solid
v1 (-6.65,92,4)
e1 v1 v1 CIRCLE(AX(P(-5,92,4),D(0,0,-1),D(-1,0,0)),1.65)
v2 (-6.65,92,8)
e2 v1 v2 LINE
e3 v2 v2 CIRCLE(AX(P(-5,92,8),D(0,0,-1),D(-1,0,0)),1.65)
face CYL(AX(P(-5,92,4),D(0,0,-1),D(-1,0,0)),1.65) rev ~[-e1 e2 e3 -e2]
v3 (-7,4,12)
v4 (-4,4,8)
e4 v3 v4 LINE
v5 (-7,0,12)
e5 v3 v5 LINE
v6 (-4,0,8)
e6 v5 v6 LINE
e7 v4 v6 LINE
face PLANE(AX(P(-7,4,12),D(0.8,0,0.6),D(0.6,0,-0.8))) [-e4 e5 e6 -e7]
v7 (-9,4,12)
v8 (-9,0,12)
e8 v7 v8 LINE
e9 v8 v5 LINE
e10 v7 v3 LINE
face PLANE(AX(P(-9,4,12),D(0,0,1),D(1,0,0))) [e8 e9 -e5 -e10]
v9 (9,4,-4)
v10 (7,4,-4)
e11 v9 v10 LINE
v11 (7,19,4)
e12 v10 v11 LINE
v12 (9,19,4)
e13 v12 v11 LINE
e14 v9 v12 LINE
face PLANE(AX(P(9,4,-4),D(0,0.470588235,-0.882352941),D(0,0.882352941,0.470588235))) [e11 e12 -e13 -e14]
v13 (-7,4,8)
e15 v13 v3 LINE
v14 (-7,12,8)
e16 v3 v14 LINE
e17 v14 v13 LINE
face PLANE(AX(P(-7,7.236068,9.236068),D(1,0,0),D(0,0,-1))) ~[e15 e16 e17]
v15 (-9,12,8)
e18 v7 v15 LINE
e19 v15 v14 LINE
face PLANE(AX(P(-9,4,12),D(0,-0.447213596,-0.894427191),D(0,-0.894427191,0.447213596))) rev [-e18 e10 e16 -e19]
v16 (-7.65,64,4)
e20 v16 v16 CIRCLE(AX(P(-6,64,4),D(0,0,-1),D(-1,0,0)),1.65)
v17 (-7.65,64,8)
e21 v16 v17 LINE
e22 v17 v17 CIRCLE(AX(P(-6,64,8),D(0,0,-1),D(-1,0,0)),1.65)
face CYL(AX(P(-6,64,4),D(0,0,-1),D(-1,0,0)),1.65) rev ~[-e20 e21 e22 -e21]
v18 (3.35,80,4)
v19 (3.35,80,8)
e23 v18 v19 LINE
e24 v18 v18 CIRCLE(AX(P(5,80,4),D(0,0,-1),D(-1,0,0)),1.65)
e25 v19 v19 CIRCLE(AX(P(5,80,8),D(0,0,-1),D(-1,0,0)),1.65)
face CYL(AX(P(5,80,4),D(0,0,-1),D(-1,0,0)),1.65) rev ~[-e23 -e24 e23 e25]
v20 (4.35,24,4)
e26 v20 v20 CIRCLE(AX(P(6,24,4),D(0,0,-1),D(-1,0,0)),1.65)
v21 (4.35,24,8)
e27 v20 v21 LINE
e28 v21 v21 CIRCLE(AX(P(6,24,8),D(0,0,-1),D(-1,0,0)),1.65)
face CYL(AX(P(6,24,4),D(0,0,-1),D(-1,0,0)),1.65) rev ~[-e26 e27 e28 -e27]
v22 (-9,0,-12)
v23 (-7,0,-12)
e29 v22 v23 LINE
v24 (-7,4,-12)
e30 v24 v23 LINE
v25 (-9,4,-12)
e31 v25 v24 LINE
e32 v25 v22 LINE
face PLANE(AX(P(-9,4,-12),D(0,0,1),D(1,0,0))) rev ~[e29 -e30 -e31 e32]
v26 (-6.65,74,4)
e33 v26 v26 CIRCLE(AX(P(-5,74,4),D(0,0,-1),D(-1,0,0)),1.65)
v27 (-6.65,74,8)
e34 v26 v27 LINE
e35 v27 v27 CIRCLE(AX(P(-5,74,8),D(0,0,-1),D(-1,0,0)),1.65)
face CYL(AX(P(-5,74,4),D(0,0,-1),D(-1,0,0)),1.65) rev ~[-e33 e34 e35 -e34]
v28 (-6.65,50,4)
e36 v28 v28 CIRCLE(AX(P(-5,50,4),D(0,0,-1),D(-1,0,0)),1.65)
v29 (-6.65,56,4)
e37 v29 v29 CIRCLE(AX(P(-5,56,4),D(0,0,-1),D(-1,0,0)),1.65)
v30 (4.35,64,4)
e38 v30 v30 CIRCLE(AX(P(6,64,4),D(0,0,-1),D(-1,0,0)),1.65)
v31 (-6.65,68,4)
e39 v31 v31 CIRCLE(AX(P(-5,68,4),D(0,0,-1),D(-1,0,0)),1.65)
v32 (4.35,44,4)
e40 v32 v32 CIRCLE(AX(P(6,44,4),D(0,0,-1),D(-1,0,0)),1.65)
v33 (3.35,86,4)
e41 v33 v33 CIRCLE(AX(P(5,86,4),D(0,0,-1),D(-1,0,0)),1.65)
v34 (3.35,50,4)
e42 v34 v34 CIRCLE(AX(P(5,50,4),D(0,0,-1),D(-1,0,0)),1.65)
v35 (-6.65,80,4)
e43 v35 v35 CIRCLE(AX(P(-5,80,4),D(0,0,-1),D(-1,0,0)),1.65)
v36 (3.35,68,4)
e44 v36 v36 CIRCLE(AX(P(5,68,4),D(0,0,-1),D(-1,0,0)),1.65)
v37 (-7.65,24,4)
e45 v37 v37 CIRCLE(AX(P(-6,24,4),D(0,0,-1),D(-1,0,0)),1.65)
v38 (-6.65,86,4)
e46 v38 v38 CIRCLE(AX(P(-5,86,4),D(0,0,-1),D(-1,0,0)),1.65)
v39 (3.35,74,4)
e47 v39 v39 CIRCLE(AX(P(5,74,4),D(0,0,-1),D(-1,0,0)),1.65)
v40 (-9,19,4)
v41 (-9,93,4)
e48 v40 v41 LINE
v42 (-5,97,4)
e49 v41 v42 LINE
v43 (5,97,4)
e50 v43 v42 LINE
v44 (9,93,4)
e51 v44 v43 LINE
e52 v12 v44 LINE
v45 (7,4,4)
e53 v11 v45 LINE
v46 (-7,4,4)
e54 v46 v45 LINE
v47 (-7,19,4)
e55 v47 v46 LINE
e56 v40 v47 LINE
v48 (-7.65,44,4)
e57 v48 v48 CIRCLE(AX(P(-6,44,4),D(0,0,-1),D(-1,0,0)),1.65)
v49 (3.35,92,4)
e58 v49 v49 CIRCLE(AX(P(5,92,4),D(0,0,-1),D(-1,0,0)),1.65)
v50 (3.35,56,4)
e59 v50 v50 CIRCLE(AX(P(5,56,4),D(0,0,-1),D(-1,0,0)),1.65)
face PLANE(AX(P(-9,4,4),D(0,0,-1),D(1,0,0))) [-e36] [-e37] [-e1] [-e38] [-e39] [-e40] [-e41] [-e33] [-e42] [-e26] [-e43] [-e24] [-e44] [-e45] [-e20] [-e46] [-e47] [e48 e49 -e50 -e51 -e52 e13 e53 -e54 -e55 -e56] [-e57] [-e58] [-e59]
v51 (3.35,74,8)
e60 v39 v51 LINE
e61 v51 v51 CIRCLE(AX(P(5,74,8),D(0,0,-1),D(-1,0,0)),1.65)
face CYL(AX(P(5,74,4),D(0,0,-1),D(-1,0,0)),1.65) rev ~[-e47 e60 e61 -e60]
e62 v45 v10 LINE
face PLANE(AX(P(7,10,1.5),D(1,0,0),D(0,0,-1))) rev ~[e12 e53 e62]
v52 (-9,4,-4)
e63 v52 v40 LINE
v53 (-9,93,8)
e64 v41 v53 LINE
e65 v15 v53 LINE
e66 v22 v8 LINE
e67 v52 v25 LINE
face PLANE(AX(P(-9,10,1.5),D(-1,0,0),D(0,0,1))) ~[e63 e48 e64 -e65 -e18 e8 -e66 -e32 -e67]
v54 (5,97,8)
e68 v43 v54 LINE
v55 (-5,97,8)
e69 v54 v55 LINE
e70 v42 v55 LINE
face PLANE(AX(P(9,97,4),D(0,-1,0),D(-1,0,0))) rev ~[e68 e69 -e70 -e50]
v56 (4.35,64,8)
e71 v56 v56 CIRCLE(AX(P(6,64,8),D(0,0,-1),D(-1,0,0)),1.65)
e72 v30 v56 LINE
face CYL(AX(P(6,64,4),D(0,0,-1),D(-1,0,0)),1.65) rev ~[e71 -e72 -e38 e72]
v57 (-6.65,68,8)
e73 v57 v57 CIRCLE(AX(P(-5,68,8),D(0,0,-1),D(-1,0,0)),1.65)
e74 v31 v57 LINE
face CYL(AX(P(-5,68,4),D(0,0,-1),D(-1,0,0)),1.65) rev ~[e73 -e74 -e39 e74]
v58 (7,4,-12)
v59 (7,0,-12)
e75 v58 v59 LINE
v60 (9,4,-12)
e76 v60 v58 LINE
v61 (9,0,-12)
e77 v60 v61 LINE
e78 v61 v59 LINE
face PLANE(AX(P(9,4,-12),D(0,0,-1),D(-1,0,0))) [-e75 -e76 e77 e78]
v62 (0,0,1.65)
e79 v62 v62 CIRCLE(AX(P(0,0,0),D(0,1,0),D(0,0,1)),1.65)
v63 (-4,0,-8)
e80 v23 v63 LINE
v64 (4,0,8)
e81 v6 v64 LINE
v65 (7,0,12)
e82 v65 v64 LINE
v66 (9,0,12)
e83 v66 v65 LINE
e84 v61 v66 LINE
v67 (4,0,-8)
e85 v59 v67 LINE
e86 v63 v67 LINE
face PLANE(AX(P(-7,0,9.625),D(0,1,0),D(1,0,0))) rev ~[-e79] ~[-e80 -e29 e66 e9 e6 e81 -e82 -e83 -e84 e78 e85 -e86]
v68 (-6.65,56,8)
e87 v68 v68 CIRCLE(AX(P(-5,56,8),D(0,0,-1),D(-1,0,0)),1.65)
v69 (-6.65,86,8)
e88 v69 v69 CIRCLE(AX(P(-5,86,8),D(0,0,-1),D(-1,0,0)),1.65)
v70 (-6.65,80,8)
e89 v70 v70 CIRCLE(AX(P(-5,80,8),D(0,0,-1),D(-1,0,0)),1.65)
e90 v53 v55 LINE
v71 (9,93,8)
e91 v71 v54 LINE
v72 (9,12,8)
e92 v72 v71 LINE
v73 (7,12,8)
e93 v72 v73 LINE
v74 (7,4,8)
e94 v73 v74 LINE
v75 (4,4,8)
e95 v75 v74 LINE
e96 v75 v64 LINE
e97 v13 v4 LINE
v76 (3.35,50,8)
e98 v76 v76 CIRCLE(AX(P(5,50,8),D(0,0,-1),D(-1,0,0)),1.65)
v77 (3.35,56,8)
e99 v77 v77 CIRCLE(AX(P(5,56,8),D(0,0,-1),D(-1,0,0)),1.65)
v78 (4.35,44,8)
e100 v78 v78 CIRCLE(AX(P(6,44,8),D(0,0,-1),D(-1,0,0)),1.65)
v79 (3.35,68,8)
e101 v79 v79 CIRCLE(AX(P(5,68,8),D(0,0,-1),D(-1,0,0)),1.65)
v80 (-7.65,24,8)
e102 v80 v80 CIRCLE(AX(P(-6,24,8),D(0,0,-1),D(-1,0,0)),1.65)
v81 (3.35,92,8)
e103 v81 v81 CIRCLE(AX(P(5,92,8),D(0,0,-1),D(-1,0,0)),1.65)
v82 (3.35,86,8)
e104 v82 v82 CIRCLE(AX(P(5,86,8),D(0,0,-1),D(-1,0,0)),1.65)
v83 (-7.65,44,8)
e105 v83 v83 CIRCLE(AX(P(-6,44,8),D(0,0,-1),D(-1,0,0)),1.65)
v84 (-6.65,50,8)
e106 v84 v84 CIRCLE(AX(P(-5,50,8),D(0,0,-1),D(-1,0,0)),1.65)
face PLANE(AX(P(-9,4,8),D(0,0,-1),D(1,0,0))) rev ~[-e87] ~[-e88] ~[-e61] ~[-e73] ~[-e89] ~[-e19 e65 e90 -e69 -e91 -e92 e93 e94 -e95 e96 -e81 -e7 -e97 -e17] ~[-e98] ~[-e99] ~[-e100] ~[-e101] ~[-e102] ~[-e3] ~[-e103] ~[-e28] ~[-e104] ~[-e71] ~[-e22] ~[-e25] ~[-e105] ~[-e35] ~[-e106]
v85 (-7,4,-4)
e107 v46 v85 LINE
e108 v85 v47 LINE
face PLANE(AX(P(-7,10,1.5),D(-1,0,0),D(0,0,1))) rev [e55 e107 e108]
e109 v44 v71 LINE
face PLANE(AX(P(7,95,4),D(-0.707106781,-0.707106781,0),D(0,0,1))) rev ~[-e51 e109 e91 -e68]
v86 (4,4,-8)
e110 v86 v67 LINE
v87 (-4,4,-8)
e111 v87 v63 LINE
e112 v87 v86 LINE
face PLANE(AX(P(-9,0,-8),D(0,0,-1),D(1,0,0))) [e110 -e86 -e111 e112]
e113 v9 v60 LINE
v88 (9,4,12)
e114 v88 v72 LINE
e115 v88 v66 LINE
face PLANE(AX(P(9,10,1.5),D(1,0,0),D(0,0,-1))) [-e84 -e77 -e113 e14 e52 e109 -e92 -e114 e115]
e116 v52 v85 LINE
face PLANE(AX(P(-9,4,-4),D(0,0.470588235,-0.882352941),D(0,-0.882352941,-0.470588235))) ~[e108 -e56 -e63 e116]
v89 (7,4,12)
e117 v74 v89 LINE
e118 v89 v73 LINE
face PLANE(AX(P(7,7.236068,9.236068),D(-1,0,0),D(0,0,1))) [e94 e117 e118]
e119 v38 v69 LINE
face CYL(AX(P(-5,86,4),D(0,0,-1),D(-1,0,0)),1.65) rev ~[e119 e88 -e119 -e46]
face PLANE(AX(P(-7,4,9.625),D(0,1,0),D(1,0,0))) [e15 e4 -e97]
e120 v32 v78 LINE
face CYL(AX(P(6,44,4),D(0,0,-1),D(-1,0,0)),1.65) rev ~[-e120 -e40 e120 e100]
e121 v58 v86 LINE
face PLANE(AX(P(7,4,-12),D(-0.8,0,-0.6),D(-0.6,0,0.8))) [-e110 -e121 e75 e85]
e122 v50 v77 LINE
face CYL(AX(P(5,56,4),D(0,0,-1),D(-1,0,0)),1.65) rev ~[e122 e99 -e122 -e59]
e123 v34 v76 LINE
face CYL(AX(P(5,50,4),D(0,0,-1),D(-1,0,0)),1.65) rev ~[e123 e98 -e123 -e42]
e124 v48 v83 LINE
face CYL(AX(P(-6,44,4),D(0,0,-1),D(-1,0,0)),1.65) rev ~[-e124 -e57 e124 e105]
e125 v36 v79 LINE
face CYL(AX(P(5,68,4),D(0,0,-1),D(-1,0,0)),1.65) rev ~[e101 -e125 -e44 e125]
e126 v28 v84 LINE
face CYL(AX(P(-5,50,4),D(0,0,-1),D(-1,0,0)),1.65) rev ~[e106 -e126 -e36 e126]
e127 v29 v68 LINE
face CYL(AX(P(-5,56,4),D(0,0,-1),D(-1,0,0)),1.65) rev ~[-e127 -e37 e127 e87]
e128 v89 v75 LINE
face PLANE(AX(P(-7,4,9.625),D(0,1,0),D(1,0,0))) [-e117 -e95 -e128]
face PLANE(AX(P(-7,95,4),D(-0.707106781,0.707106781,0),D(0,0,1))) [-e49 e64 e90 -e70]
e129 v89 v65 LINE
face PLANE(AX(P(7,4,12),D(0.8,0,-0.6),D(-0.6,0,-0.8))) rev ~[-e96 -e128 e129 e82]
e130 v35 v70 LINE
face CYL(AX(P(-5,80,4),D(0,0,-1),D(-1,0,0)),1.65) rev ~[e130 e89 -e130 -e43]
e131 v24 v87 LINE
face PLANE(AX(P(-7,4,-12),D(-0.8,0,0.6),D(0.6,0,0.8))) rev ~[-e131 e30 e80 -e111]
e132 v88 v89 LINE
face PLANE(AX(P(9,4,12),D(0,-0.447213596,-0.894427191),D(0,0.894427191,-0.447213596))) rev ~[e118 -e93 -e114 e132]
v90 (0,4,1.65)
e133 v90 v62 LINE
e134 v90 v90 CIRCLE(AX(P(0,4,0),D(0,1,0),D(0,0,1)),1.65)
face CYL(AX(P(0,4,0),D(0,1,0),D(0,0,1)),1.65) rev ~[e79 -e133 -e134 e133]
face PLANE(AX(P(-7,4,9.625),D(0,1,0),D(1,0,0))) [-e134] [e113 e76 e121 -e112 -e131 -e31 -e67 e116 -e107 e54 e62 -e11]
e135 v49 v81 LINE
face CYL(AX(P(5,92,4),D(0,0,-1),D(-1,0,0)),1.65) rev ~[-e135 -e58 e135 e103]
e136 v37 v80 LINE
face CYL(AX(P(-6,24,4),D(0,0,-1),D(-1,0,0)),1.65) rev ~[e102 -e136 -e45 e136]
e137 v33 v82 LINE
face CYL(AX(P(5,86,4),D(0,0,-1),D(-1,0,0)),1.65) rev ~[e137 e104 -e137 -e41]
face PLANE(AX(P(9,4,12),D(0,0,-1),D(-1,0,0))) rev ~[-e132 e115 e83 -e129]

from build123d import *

# Parameters (mm, degrees)
SKETCH_1_W          = 18
SKETCH_1_H          = 16
EXTRUDE_1_DEPTH     = 4
SKETCH_2_R          = 1.65
CUT_EXTRUDE_1_DEPTH = 4
EXTRUDE_2_DEPTH     = 4
SKETCH_4_W          = 18
SKETCH_4_H          = 4
EXTRUDE_3_DEPTH     = 100
EXTRUDE_4_DEPTH     = 2
SKETCH_6_R          = 1.65
CUT_EXTRUDE_2_DEPTH = 10
SKETCH_7_W          = 18
SKETCH_7_H          = 7
CUT_EXTRUDE_3_DEPTH = 10
CHAMFER_1_SIZE      = 4


with BuildPart() as part:
    # 草图1 → 凸台-拉伸1 (new body)
    with BuildSketch(Plane(origin=(0, 0, 0), x_dir=(1, 0, 0), z_dir=(0, 1, 0))):
        Rectangle(SKETCH_1_W, SKETCH_1_H)
    extrude(amount=EXTRUDE_1_DEPTH)

    # 草图2 → 切除-拉伸1 (cut)
    with BuildSketch(Plane(origin=(0, 4, 0), x_dir=(1, 0, 0), z_dir=(0, 1, 0))):
        with Locations(Location((0, 0, 0), (0, 0, 270))):
            Circle(SKETCH_2_R)
    extrude(amount=-CUT_EXTRUDE_1_DEPTH, mode=Mode.SUBTRACT)

    # 草图3 → 凸台-拉伸2 (add)
    with BuildSketch(Plane(origin=(0, 4, 0), x_dir=(1, 0, 0), z_dir=(0, 1, 0))):
        Polygon((-9, -8), (-9, -12), (-7, -12), (-4, -8), align=None)
        Polygon((7, -12), (4, -8), (9, -8), (9, -12), align=None)
        Polygon((9, 12), (7, 12), (4, 8), (9, 8), align=None)
        Polygon((-7, 12), (-4, 8), (-9, 8), (-9, 12), align=None)
    extrude(amount=-EXTRUDE_2_DEPTH)

    # 草图4 → 凸台-拉伸3 (add)
    with BuildSketch(Plane(origin=(0, 4, 0), x_dir=(1, 0, 0), z_dir=(0, 1, 0))):
        with Locations((0, -6)):
            Rectangle(SKETCH_4_W, SKETCH_4_H)
    extrude(amount=EXTRUDE_3_DEPTH)

    # 草图5 → 凸台-拉伸4 (add)
    with BuildSketch(Plane(origin=(9, 0, 0), x_dir=(0, 0, -1), z_dir=(1, 0, 0))):
        Polygon((-4, 19), (-4, 4), (4, 4), align=None)
        Polygon((-8, 12), (-8, 4), (-12, 4), align=None)
    extrude_4 = extrude(amount=-EXTRUDE_4_DEPTH)

    # 镜向1: 凸台-拉伸4 across plane
    add(extrude_4.mirror(Plane(origin=(0, 0, 0), x_dir=(0, 0, 1), z_dir=(1, 0, 0))))

    # 草图6 → 切除-拉伸2 (cut)
    with BuildSketch(Plane(origin=(0, 0, 4), x_dir=(-1, 0, 0), z_dir=(0, 0, -1))):
        with Locations((-6, 44)):
            Circle(SKETCH_6_R)
        with Locations((6, 44)):
            Circle(SKETCH_6_R)
        with Locations((6, 64)):
            Circle(SKETCH_6_R)
        with Locations((-6, 64)):
            Circle(SKETCH_6_R)
        with Locations((6, 24)):
            Circle(SKETCH_6_R)
        with Locations((-6, 24)):
            Circle(SKETCH_6_R)
        with Locations((5, 92)):
            Circle(SKETCH_6_R)
        with Locations((5, 86)):
            Circle(SKETCH_6_R)
        with Locations((5, 80)):
            Circle(SKETCH_6_R)
        with Locations((5, 74)):
            Circle(SKETCH_6_R)
        with Locations((5, 68)):
            Circle(SKETCH_6_R)
        with Locations((5, 56)):
            Circle(SKETCH_6_R)
        with Locations((5, 50)):
            Circle(SKETCH_6_R)
        with Locations((-5, 50)):
            Circle(SKETCH_6_R)
        with Locations((-5, 56)):
            Circle(SKETCH_6_R)
        with Locations((-5, 68)):
            Circle(SKETCH_6_R)
        with Locations((-5, 74)):
            Circle(SKETCH_6_R)
        with Locations((-5, 80)):
            Circle(SKETCH_6_R)
        with Locations((-5, 86)):
            Circle(SKETCH_6_R)
        with Locations((-5, 92)):
            Circle(SKETCH_6_R)
    extrude(amount=-CUT_EXTRUDE_2_DEPTH, mode=Mode.SUBTRACT)

    # 草图7 → 切除-拉伸3 (cut)
    with BuildSketch(Plane(origin=(0, 0, 4), x_dir=(-1, 0, 0), z_dir=(0, 0, -1))):
        with Locations((0, 100.5)):
            Rectangle(SKETCH_7_W, SKETCH_7_H)
    extrude(amount=-CUT_EXTRUDE_3_DEPTH, mode=Mode.SUBTRACT)

    # 倒角1
    chamfer_1_edges = [part.edges().sort_by_distance(p)[0] for p in [
        (-9, 97, 6),
        (9, 97, 6),
    ]]
    chamfer(chamfer_1_edges, length=CHAMFER_1_SIZE)


solid = part.part
